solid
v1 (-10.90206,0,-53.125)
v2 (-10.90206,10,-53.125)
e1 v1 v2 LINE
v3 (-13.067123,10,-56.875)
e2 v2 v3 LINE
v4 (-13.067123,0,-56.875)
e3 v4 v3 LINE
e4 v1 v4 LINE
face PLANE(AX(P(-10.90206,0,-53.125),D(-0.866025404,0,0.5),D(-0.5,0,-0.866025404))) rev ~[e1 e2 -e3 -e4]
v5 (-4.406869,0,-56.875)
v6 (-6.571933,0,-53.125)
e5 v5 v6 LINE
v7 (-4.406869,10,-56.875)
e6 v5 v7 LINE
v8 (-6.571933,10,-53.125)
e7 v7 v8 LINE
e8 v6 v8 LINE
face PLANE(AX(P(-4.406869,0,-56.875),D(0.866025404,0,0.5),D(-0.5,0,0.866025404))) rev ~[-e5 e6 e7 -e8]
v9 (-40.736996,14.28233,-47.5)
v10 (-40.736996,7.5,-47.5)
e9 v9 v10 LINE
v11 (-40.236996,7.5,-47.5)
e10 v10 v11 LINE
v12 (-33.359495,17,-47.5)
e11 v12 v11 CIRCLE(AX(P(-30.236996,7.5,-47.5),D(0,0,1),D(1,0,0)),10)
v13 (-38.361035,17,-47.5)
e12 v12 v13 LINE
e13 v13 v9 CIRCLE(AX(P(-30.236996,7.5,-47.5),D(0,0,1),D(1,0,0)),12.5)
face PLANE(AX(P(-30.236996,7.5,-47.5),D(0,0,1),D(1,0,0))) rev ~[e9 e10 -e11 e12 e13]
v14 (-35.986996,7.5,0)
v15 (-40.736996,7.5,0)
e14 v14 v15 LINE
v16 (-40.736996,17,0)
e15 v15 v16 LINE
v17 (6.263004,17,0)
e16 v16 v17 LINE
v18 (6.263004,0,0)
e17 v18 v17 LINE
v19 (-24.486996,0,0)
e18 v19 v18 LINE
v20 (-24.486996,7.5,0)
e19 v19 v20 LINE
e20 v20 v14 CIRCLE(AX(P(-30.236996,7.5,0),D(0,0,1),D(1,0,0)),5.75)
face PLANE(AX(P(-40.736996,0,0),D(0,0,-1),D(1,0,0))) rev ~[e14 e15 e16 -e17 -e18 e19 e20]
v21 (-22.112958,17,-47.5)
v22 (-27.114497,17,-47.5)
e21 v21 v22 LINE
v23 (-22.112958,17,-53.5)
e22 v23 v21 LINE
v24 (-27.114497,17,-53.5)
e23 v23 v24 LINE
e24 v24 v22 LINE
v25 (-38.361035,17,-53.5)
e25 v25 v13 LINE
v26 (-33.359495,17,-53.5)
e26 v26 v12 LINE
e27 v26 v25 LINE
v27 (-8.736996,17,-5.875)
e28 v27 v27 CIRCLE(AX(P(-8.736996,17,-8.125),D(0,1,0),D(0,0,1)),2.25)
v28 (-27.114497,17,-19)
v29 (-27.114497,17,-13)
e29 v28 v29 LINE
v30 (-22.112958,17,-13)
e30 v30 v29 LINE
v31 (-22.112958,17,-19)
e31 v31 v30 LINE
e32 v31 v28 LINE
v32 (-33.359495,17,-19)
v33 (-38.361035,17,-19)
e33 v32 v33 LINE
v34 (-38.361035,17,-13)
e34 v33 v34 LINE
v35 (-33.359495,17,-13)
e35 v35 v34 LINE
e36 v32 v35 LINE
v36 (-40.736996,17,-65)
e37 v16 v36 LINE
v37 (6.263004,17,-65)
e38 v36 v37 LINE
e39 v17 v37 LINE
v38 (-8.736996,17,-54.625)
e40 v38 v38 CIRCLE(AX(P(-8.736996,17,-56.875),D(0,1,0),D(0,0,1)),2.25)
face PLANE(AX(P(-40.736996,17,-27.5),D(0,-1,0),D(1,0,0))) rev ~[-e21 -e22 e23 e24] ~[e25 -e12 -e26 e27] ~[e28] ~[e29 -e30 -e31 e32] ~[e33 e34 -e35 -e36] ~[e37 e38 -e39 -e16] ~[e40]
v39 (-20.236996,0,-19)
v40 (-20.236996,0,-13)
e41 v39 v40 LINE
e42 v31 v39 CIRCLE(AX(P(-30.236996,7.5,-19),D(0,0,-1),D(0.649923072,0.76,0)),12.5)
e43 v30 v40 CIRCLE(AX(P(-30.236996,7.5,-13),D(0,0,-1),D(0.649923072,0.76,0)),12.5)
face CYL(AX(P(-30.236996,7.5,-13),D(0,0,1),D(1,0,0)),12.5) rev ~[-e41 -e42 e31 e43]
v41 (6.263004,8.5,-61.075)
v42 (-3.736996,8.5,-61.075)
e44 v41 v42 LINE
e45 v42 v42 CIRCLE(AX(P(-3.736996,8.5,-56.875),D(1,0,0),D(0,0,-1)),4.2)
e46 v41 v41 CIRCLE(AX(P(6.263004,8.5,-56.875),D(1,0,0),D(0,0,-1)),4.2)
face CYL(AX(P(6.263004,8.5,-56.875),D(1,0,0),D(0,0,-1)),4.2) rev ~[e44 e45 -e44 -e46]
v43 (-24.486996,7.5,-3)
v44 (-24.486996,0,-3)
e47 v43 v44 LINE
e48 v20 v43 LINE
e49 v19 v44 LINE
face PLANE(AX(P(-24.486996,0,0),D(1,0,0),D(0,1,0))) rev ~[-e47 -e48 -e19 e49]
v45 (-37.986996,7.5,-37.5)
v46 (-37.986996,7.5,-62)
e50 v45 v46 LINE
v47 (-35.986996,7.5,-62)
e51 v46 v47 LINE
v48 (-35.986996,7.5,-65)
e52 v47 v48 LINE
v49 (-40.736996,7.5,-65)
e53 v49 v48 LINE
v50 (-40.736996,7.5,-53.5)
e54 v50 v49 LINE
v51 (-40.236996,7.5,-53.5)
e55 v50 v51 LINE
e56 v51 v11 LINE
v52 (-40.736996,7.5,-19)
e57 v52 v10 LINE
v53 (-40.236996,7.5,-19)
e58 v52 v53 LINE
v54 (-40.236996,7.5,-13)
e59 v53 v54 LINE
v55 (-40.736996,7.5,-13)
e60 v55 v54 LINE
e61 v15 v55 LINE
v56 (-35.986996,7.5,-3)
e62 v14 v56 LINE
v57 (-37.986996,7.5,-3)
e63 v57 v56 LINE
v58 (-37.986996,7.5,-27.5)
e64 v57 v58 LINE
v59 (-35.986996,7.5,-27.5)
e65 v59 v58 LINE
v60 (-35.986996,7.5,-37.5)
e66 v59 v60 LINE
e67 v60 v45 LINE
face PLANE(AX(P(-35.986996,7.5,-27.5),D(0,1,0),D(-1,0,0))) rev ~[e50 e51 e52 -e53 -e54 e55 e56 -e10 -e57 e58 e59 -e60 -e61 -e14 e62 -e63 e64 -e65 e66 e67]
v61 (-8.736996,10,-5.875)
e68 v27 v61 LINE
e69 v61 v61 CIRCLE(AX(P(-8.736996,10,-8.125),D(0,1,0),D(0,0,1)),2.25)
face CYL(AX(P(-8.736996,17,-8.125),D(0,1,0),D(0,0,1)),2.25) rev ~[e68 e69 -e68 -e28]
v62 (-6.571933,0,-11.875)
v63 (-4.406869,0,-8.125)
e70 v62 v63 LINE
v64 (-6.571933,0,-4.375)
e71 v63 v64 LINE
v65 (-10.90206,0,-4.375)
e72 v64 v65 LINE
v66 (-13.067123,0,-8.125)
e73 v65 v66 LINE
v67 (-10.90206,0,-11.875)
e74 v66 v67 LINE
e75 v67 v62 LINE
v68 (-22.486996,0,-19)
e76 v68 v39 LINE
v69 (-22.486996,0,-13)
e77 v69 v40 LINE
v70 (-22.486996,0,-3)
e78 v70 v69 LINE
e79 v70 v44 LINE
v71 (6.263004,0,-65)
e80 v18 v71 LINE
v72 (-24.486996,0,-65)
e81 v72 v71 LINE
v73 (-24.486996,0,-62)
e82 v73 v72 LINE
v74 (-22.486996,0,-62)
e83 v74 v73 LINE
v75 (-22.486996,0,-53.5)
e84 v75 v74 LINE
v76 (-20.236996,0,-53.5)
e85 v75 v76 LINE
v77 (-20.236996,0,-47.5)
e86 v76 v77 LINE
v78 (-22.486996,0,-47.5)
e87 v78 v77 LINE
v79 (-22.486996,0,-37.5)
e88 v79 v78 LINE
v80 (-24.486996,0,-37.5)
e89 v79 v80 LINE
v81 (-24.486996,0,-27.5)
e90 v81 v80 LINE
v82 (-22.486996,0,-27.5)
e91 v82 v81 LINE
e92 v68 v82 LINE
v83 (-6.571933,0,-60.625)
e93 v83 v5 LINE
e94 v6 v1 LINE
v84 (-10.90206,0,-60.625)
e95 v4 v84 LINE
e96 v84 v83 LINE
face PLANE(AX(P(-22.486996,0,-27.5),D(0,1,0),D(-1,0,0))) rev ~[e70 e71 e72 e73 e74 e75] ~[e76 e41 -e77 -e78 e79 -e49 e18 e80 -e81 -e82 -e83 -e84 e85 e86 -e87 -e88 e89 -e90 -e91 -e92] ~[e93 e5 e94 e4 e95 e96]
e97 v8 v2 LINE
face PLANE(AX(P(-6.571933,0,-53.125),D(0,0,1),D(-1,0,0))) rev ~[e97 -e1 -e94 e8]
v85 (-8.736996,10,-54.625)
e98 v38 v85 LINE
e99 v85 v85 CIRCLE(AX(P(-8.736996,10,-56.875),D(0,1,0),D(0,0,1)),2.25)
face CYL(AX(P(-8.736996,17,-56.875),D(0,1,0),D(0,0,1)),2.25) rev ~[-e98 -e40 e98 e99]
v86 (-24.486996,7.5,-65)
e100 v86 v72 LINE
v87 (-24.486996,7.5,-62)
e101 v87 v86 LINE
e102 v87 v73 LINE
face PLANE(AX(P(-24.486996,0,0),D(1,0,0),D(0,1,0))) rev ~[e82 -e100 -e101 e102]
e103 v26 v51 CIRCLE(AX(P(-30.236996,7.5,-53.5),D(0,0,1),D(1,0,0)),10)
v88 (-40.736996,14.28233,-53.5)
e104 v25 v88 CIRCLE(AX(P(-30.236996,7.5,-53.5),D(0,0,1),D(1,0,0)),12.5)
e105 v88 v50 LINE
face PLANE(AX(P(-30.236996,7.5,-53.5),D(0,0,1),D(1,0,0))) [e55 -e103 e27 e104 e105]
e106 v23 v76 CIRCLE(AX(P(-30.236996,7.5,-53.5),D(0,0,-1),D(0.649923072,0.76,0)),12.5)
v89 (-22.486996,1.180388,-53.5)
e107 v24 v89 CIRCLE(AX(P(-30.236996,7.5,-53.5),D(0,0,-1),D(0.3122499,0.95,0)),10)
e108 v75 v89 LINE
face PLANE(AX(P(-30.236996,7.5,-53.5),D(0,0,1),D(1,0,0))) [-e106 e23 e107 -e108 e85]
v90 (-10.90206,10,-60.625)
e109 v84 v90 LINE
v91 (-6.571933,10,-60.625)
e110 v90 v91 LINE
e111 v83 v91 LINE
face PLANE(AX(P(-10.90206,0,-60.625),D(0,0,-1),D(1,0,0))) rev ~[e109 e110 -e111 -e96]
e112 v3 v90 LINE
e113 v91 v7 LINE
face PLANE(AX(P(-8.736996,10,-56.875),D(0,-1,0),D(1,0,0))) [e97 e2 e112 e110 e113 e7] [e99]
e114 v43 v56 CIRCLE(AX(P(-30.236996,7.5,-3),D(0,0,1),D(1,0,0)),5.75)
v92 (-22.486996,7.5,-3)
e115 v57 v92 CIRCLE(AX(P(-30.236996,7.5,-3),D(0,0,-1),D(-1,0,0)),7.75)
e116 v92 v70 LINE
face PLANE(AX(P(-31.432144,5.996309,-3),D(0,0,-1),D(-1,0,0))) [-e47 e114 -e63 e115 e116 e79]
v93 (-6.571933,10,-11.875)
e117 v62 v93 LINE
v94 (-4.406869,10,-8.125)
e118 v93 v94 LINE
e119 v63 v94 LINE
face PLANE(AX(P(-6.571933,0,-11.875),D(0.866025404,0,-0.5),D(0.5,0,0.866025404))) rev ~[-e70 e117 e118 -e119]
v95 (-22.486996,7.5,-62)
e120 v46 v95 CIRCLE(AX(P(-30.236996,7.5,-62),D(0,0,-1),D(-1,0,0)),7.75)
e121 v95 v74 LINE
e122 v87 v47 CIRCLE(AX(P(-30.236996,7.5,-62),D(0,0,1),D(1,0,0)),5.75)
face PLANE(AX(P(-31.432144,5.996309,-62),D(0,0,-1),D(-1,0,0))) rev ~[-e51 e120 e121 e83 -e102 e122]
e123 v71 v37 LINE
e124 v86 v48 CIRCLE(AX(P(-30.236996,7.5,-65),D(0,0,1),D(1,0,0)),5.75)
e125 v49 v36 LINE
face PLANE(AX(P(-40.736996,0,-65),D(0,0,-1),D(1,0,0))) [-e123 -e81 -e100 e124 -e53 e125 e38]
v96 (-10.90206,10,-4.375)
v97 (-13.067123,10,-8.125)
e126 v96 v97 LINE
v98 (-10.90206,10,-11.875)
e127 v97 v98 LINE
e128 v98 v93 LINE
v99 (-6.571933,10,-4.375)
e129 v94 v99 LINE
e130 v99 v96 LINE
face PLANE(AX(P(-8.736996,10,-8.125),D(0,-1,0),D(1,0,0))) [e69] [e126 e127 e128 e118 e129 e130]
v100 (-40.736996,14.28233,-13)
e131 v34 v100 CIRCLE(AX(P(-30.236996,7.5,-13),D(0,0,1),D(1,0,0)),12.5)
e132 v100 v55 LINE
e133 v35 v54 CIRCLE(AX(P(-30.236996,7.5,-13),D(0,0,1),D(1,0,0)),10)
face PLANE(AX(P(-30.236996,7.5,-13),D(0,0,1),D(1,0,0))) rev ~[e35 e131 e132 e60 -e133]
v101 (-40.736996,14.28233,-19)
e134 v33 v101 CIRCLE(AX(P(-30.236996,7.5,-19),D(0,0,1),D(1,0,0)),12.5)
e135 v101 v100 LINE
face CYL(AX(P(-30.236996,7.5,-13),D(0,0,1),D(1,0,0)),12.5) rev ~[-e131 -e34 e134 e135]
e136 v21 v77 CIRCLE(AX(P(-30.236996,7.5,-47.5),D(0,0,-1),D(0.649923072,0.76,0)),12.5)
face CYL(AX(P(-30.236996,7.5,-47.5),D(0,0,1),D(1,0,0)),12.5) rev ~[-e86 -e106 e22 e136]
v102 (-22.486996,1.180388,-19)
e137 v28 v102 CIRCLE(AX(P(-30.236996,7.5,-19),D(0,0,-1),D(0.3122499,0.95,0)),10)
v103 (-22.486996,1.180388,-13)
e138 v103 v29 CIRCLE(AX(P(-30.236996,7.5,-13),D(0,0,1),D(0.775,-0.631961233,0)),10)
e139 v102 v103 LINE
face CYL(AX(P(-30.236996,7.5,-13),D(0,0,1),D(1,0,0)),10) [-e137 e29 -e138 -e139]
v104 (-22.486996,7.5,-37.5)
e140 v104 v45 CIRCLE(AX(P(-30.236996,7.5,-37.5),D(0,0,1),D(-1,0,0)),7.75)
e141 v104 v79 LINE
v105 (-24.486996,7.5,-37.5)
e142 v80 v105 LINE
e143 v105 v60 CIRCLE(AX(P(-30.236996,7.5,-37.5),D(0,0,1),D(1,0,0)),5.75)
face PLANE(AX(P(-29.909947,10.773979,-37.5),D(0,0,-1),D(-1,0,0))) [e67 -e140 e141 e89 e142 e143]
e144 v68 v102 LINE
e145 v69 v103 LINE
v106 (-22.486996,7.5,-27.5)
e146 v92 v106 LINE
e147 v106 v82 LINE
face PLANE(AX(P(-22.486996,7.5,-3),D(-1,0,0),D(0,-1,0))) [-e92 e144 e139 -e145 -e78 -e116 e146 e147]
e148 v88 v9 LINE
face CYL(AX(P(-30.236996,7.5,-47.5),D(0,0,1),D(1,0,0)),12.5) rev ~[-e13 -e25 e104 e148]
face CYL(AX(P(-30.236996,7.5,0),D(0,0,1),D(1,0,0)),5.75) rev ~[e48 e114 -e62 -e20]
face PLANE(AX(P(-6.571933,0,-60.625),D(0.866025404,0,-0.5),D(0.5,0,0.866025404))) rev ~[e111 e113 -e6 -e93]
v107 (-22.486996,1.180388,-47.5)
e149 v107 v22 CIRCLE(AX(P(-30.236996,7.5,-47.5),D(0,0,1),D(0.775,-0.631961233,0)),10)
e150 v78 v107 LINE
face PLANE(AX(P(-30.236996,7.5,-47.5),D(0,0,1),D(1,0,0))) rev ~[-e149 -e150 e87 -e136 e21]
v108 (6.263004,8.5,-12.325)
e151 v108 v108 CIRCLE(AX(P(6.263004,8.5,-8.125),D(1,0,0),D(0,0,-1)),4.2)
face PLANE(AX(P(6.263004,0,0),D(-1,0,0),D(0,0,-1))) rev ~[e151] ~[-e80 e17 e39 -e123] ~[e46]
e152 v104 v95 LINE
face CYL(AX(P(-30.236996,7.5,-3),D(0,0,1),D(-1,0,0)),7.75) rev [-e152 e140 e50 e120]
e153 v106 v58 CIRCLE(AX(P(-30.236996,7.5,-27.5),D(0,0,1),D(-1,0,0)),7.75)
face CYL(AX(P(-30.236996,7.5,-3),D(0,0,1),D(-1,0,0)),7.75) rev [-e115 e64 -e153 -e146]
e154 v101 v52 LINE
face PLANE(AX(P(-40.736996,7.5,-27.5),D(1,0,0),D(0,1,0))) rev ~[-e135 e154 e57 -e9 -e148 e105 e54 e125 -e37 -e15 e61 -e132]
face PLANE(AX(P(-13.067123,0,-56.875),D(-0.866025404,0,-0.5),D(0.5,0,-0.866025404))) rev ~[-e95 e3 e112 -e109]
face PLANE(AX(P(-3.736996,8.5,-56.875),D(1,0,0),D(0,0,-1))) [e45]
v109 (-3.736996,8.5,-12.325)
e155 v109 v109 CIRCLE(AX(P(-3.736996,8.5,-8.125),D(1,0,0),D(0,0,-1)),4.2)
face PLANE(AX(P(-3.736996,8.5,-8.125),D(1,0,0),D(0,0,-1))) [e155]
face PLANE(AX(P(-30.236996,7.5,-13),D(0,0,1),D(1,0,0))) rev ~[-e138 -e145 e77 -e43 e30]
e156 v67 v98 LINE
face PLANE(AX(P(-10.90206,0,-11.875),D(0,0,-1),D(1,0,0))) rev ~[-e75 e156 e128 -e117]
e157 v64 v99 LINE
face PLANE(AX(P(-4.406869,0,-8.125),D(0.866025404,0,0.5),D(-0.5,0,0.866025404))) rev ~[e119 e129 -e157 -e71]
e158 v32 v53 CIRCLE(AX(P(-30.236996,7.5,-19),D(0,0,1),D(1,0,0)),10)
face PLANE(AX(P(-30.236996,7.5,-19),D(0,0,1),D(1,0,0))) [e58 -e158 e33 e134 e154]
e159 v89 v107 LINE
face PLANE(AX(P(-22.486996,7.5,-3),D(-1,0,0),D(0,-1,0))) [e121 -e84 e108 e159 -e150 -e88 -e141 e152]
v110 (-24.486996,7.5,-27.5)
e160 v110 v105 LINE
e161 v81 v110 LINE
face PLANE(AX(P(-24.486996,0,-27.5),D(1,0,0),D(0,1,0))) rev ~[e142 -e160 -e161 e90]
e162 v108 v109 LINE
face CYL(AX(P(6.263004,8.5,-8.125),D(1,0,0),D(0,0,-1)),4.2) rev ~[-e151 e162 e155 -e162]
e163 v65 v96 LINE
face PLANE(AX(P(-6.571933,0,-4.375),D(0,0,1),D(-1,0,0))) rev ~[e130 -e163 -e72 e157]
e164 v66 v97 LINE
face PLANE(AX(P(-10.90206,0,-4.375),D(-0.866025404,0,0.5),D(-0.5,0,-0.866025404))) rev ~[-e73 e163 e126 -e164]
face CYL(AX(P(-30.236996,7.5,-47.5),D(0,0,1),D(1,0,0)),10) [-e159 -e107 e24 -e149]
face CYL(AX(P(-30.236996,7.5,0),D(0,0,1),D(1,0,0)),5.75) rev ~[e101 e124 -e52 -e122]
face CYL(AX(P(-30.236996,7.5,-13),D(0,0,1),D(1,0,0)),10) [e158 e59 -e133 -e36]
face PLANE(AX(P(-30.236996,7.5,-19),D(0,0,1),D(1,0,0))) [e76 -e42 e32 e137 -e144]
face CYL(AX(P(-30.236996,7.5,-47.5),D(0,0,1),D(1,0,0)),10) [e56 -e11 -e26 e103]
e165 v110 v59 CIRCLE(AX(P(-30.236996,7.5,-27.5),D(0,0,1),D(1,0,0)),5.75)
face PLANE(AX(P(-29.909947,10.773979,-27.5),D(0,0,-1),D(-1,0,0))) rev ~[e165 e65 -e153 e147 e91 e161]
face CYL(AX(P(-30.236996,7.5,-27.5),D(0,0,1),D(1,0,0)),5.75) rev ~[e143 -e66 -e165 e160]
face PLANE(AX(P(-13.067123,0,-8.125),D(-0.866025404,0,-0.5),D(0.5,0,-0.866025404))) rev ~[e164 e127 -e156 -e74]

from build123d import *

# Parameters (mm, degrees)
SKETCH_1_W          = 47
SKETCH_1_H          = 65
EXTRUDE_1_DEPTH     = 17
CUT_EXTRUDE_1_DEPTH = 59
CUT_EXTRUDE_2_DEPTH = 79.571641677
EXTRUDE_2_DEPTH     = 10
SKETCH_7_R          = 4.2
CUT_EXTRUDE_3_DEPTH = 10
SKETCH_8_R          = 2.25
CUT_EXTRUDE_4_DEPTH = 79.571641677
CUT_EXTRUDE_5_DEPTH = 10
CUT_EXTRUDE_START   = -10
SKETCH_10_R         = 12.5
SKETCH_10_R_2       = 10
CUT_EXTRUDE_6_DEPTH = 6
CUT_EXTRUDE_START_2 = -20
SKETCH_11_R         = 12.5
SKETCH_11_R_2       = 10
CUT_EXTRUDE_7_DEPTH = 6


with BuildPart() as part:
    # Эскиз1 → Бобышка-Вытянуть1 (new body)
    with BuildSketch(Plane(origin=(0, 0, 0), x_dir=(1, 0, 0), z_dir=(0, 1, 0))):
        with Locations((-17.236996401, 32.5)):
            Rectangle(SKETCH_1_W, SKETCH_1_H)
    extrude(amount=EXTRUDE_1_DEPTH)

    # Эскиз2 → Вырез-Вытянуть1 (cut)
    with BuildSketch(Plane.XY.offset(-3)):
        with BuildLine():
            Line((-22.486996401, 7.5), (-22.486996401, 0))
            Line((-22.486996401, 0), (-40.736996401, 0))
            Line((-40.736996401, 0), (-40.736996401, 7.5))
            Line((-40.736996401, 7.5), (-37.986996401, 7.5))
            ThreePointArc((-37.986996401, 7.5), (-30.236996401, 15.25), (-22.486996401, 7.5))
        make_face()
    extrude(amount=-CUT_EXTRUDE_1_DEPTH, mode=Mode.SUBTRACT)

    # Эскиз5 → Вырез-Вытянуть2 (cut, through all)
    with BuildSketch(Plane.XY):
        with BuildLine():
            Line((-35.986996401, 7.5), (-40.736996401, 7.5))
            Line((-40.736996401, 7.5), (-40.736996401, 0))
            Line((-40.736996401, 0), (-24.486996401, 0))
            Line((-24.486996401, 0), (-24.486996401, 7.5))
            ThreePointArc((-24.486996401, 7.5), (-30.236996401, 13.25), (-35.986996401, 7.5))
        make_face()
    extrude(amount=-CUT_EXTRUDE_2_DEPTH, mode=Mode.SUBTRACT)

    # Эскиз6 → Бобышка-Вытянуть2 (add)
    with BuildSketch(Plane.XY.offset(-27.5)):
        with BuildLine():
            Line((-35.986996401, 7.5), (-40.736996401, 7.5))
            Line((-40.736996401, 7.5), (-40.736996401, 17))
            Line((-40.736996401, 17), (-24.486996401, 17))
            Line((-24.486996401, 17), (-22.486996401, 17))
            Line((-22.486996401, 17), (-22.486996401, 0))
            Line((-22.486996401, 0), (-24.486996401, 0))
            Line((-24.486996401, 0), (-24.486996401, 7.5))
            ThreePointArc((-24.486996401, 7.5), (-30.236996401, 13.25), (-35.986996401, 7.5))
        make_face()
    extrude(amount=-EXTRUDE_2_DEPTH)

    # Эскиз7 → Вырез-Вытянуть3 (cut)
    with BuildSketch(Plane(origin=(6.263003599, 0, 0), x_dir=(0, 0, -1), z_dir=(1, 0, 0))):
        with Locations((8.125, 8.5)):
            Circle(SKETCH_7_R)
        with Locations((56.875, 8.5)):
            Circle(SKETCH_7_R)
    extrude(amount=-CUT_EXTRUDE_3_DEPTH, mode=Mode.SUBTRACT)

    # Эскиз8 → Вырез-Вытянуть4 (cut, through all)
    with BuildSketch(Plane(origin=(0, 17, 0), x_dir=(1, 0, 0), z_dir=(0, 1, 0))):
        with Locations(Location((-8.736996401, 8.125, 0), (0, 0, 270))):
            Circle(SKETCH_8_R)
        with Locations(Location((-8.736996401, 56.875, 0), (0, 0, 270))):
            Circle(SKETCH_8_R)
    extrude(amount=-CUT_EXTRUDE_4_DEPTH, mode=Mode.SUBTRACT)

    # Эскиз9 → Вырез-Вытянуть5 (cut)
    with BuildSketch(Plane.XZ):
        Polygon((-4.406869382, -56.875), (-6.571932892, -53.125), (-10.902059911, -53.125), (-13.06712342, -56.875), (-10.902059911, -60.625), (-6.571932892, -60.625), align=None)
        Polygon((-4.406869382, -8.125), (-6.571932892, -4.375), (-10.902059911, -4.375), (-13.06712342, -8.125), (-10.902059911, -11.875), (-6.571932892, -11.875), align=None)
    extrude(amount=-CUT_EXTRUDE_5_DEPTH, mode=Mode.SUBTRACT)

    # Эскиз10 → Вырез-Вытянуть6 (cut)
    with BuildSketch(Plane.XY.offset(-3).offset(CUT_EXTRUDE_START)):
        with Locations((-30.236996401, 7.5)):
            Circle(SKETCH_10_R)
        with Locations((-30.236996401, 7.5)):
            Circle(SKETCH_10_R_2, mode=Mode.SUBTRACT)
    extrude(amount=-CUT_EXTRUDE_6_DEPTH, mode=Mode.SUBTRACT)

    # Эскиз11 → Вырез-Вытянуть7 (cut)
    with BuildSketch(Plane.XY.offset(-27.5).offset(CUT_EXTRUDE_START_2)):
        with Locations((-30.236996401, 7.5)):
            Circle(SKETCH_11_R)
        with Locations((-30.236996401, 7.5)):
            Circle(SKETCH_11_R_2, mode=Mode.SUBTRACT)
    extrude(amount=-CUT_EXTRUDE_7_DEPTH, mode=Mode.SUBTRACT)


solid = part.part
